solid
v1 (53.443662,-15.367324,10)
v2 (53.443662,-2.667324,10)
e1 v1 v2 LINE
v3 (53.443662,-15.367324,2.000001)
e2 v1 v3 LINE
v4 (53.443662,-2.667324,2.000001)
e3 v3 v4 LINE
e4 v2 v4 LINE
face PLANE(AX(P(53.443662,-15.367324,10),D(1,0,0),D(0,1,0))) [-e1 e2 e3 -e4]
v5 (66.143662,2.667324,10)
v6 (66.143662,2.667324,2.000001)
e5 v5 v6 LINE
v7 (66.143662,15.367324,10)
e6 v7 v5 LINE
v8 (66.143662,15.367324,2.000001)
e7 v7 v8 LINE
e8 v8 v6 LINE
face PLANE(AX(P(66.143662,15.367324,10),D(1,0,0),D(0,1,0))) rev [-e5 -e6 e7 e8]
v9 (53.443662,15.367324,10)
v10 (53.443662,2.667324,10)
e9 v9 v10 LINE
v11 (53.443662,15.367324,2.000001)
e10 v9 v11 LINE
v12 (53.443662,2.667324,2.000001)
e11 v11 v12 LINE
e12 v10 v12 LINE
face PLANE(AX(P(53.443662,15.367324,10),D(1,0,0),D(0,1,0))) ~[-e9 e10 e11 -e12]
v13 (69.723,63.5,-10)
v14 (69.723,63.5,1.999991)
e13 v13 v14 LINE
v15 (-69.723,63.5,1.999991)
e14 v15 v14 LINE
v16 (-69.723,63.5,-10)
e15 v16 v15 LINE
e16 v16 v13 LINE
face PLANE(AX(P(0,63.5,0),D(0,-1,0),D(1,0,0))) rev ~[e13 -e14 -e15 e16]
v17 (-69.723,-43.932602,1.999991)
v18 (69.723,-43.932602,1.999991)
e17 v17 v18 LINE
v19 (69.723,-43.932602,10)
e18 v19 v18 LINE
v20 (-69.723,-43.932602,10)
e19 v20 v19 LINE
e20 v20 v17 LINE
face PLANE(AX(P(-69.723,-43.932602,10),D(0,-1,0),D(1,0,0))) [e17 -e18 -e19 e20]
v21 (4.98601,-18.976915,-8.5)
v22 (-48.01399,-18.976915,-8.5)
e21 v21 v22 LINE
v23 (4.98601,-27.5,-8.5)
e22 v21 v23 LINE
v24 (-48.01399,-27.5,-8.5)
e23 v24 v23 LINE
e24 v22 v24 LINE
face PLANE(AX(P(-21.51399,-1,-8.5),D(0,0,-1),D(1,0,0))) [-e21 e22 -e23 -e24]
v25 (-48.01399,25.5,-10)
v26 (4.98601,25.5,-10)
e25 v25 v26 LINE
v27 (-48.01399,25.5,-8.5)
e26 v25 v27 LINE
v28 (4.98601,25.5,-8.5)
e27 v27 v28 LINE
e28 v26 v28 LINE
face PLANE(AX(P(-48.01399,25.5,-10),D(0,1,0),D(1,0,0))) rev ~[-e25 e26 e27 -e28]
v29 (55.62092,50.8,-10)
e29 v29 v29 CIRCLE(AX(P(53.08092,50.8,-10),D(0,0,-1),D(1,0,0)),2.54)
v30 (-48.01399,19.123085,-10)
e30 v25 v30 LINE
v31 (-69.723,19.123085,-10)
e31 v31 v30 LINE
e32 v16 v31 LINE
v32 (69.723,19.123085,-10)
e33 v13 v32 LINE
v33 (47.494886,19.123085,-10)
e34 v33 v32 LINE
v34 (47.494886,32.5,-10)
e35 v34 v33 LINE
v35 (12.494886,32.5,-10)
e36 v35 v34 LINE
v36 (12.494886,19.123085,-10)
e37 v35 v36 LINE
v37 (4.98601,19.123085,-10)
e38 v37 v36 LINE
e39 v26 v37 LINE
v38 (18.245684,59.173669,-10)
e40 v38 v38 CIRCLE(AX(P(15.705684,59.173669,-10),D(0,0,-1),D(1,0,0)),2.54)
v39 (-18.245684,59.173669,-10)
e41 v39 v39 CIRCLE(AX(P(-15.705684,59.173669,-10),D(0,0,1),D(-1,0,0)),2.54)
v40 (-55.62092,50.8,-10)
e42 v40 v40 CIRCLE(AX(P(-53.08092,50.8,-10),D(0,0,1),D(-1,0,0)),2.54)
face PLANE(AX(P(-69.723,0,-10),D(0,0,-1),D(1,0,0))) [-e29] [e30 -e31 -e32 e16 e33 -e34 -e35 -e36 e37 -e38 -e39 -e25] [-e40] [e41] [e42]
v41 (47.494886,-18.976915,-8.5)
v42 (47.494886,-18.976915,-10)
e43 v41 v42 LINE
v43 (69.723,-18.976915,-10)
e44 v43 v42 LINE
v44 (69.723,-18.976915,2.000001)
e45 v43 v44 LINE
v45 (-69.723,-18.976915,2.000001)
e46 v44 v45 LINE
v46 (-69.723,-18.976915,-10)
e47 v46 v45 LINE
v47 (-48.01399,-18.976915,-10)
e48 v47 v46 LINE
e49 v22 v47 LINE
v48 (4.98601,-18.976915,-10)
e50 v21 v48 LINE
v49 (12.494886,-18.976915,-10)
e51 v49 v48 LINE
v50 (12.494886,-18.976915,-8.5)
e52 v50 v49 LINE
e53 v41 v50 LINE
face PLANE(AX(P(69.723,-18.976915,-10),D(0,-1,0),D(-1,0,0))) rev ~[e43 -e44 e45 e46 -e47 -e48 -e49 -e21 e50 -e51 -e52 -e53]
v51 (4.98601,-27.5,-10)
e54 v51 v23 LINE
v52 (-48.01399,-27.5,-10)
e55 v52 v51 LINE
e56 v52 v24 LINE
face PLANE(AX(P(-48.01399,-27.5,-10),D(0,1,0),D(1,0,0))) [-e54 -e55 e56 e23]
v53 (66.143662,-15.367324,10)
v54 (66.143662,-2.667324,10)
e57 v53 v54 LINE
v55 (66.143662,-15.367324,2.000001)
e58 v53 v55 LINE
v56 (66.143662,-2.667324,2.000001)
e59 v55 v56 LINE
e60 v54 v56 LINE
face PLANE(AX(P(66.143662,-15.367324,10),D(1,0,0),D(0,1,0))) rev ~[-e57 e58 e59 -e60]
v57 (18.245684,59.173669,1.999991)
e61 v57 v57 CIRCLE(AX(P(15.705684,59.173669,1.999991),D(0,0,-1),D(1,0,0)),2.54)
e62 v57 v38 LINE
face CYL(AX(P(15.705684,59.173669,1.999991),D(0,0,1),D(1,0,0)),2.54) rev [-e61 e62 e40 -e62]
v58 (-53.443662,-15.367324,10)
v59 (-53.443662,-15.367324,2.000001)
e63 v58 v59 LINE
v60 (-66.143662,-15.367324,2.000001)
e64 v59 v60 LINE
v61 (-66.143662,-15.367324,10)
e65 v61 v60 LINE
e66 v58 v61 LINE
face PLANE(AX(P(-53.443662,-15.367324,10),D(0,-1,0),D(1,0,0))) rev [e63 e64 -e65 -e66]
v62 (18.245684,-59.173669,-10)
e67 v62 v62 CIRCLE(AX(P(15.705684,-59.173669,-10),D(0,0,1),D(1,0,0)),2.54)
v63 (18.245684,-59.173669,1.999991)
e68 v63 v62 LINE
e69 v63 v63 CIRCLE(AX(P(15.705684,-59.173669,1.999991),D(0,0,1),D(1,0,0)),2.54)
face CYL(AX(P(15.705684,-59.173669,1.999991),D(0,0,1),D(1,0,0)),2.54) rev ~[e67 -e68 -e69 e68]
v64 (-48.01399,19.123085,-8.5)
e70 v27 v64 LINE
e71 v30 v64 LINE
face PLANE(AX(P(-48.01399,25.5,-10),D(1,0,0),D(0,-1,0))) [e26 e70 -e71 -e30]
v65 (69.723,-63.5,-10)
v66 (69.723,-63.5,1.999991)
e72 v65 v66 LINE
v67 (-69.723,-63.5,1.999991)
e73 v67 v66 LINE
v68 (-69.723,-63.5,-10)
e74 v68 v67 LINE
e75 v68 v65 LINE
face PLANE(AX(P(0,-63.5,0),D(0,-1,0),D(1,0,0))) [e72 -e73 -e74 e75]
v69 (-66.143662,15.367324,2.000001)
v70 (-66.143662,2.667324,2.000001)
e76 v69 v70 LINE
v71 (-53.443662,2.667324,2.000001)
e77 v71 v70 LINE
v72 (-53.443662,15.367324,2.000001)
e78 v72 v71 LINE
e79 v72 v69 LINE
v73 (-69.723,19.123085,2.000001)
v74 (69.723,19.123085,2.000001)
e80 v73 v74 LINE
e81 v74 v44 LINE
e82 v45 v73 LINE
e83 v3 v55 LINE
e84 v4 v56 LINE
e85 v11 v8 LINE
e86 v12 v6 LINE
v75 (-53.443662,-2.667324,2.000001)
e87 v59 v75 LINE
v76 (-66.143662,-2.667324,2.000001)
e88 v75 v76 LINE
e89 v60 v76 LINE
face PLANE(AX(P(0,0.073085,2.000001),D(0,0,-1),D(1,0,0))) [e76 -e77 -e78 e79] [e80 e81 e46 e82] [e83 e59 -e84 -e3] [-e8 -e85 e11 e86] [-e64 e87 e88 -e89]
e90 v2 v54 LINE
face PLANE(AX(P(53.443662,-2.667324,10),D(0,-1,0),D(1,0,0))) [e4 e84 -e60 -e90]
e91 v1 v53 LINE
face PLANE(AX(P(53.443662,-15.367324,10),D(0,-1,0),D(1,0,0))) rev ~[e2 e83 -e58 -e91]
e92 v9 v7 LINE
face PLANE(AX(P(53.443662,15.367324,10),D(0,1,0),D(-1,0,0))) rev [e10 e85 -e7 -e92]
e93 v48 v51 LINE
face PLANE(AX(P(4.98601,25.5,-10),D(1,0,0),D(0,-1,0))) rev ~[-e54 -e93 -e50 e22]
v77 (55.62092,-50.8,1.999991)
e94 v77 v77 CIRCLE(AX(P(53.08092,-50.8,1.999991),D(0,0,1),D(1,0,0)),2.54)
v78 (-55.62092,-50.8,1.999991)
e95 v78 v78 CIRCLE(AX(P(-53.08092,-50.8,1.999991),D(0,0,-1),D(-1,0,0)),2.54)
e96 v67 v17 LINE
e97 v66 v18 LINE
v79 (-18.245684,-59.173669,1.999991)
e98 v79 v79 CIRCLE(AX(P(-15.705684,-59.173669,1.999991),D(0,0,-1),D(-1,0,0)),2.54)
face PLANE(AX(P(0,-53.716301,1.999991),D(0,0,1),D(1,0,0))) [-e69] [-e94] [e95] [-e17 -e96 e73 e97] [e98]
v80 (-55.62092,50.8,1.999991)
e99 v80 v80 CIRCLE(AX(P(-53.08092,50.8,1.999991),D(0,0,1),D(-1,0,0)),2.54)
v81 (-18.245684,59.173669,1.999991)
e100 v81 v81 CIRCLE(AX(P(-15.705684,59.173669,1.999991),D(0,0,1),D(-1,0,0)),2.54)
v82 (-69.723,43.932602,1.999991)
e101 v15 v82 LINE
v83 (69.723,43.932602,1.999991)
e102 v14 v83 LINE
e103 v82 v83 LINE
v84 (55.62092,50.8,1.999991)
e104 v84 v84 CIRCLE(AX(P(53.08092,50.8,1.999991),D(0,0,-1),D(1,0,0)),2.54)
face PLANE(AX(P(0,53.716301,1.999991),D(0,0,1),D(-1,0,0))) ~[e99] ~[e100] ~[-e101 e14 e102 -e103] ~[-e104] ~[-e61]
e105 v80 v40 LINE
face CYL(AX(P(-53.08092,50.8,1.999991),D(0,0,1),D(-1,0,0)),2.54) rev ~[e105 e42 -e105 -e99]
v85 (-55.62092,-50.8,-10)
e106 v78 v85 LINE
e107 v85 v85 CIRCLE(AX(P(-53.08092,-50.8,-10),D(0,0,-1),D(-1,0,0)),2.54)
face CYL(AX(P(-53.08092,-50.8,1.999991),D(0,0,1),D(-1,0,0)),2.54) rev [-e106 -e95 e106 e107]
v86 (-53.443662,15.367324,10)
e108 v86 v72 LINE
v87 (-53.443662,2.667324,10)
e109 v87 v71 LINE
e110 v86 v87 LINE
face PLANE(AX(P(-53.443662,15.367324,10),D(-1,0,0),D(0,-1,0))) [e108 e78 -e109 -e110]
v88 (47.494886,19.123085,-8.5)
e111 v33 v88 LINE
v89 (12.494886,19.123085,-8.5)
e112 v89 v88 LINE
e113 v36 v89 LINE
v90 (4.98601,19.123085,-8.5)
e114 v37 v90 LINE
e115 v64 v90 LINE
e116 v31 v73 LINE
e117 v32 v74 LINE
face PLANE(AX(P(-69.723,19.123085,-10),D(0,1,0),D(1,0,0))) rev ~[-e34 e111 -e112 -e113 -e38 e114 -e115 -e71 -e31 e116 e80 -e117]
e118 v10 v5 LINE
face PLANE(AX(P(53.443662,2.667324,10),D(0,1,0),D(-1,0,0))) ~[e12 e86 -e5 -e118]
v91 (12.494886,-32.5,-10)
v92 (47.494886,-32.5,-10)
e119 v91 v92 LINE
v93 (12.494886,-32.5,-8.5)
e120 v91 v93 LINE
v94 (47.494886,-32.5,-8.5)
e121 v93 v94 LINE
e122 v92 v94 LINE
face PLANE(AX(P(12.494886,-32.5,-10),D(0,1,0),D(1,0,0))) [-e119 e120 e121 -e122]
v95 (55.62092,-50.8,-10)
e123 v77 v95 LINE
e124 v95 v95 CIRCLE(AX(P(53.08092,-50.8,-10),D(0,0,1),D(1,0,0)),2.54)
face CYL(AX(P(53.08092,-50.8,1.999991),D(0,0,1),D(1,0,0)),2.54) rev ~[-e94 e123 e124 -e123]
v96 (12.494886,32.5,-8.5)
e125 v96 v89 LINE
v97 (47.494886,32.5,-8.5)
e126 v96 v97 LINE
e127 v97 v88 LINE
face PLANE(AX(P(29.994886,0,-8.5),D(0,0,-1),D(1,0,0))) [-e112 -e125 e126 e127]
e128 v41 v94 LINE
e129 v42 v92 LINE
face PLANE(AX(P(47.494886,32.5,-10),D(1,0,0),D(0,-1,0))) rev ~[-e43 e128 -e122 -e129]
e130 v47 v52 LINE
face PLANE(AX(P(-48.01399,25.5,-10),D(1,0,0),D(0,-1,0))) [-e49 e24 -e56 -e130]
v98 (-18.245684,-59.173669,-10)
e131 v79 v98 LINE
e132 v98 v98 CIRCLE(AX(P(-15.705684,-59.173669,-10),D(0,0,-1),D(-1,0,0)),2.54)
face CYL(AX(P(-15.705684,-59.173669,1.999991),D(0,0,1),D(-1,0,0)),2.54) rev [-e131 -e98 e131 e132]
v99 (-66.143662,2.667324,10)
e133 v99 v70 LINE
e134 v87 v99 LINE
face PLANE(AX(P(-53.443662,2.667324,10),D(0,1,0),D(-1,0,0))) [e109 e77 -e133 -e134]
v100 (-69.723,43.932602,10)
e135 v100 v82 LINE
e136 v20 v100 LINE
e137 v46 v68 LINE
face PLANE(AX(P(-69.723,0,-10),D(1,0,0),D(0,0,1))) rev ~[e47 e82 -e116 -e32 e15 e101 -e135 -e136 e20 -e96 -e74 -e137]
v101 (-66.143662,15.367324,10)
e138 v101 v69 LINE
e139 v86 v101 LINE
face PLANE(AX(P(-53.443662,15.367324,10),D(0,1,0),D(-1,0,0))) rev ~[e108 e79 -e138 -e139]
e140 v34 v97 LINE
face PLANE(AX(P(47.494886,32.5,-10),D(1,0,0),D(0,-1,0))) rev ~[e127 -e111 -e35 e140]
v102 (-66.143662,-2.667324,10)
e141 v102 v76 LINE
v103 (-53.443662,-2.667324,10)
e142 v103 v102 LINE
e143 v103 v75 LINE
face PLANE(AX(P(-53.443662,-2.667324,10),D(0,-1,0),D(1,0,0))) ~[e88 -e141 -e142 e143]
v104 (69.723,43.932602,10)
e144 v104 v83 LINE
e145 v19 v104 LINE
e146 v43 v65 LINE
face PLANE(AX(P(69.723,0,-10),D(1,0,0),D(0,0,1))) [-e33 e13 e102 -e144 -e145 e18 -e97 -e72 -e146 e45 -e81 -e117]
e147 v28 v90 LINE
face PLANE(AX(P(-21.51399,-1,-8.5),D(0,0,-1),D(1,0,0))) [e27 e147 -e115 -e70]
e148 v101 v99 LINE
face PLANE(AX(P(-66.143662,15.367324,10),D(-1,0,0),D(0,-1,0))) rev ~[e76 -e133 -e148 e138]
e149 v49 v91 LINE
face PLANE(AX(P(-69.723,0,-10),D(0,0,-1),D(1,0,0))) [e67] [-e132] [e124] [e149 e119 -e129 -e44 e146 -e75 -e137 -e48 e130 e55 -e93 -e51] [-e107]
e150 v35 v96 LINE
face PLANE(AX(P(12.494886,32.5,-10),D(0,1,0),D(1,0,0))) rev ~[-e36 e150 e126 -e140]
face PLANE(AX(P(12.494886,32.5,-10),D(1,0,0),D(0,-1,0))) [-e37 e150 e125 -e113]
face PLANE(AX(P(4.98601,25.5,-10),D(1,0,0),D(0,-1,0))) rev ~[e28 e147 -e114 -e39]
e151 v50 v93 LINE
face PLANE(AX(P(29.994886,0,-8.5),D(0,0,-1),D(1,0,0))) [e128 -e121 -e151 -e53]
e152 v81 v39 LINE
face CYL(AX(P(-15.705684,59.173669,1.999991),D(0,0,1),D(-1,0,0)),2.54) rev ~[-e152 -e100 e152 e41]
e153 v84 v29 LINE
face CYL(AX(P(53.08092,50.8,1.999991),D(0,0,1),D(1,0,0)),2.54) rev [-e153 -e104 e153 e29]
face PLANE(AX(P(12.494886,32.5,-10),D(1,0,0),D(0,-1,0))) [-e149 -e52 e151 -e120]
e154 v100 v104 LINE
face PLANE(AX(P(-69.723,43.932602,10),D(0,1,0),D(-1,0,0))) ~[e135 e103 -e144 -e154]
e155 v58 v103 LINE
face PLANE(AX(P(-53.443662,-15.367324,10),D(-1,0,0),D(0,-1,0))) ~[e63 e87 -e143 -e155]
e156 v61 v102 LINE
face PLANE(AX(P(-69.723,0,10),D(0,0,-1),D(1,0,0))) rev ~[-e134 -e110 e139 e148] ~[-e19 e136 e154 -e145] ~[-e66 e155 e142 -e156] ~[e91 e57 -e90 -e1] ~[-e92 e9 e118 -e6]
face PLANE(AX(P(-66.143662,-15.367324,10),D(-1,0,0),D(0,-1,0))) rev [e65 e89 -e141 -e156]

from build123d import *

# Parameters (mm, degrees)
F0_W      = 139.446
F0_H      = 20
F1_DEPTH  = 63.5
F2_W      = 139.446
F2_H      = 19.567398
F3_DEPTH  = 8.000009
F5_W      = 12.7
F5_H      = 12.7
F6_DEPTH  = 21.844
F8_R      = 2.54
F9_DEPTH  = 76.2
F13_W     = 53
F13_H     = 53
F13_W_2   = 35
F13_H_2   = 65
F14_DEPTH = 1.5
F15_DEPTH = 12.000001


with BuildPart() as f1:
    # F0 (on Front) → F1 (new body, symmetric)
    with BuildSketch(Plane.XZ):
        Rectangle(F0_W, F0_H)
    extrude(amount=F1_DEPTH, both=True)

    # F2 (on face) → F3 (cut)
    with BuildSketch(Plane.XY.offset(10)):
        with Locations((0, -53.716301)):
            Rectangle(F2_W, F2_H)
    extrude(amount=-F3_DEPTH, mode=Mode.SUBTRACT)

    # F4: F1 across plane


with BuildPart() as f1_1:
    add(f1.part)
    add(f1.part.mirror(Plane.XZ), mode=Mode.INTERSECT)

    # F5 (on face) → F6 (cut)
    with BuildSketch(Plane.XY.offset(10)):
        with Locations((59.793662, -9.017324)):
            Rectangle(F5_W, F5_H)
    extrude(amount=-F6_DEPTH, mode=Mode.SUBTRACT)

    # F8 (on face) → F9 (cut)
    with BuildSketch(Plane.XY.offset(1.999991)):
        with Locations((53.08092, -50.8)):
            Circle(F8_R)
        with Locations((15.705684, -59.173669)):
            Circle(F8_R)
    extrude(amount=-F9_DEPTH, mode=Mode.SUBTRACT)

    # F10: F1 across plane


with BuildPart() as f1_2:
    add(f1_1.part)
    add(f1_1.part.mirror(Plane.XZ), mode=Mode.INTERSECT)

    # F11: F1 across plane


with BuildPart() as f1_3:
    add(f1_2.part)
    add(f1_2.part.mirror(Plane.YZ), mode=Mode.INTERSECT)

    # F13 (on face) → F14 (cut)
    with BuildSketch(Plane(origin=(0, 0, -10), x_dir=(1, 0, 0), z_dir=(0, 0, -1))):
        with Locations((-21.51399, 1)):
            Rectangle(F13_W, F13_H)
        with Locations((29.994886, 0)):
            Rectangle(F13_W_2, F13_H_2)
    extrude(amount=-F14_DEPTH, mode=Mode.SUBTRACT)

    # F12 (on face) → F15 (cut)
    with BuildSketch(Plane(origin=(0, 0, -10), x_dir=(1, 0, 0), z_dir=(0, 0, -1))):
        Polygon((69.723, -19.123085), (69.723, 18.976915), (1.722882, 18.976915), (-69.723, 18.976915), (-69.723, -19.123085), (1.722882, -19.123085), align=None)
    extrude(amount=-F15_DEPTH, mode=Mode.SUBTRACT)


solid = f1_3.part
